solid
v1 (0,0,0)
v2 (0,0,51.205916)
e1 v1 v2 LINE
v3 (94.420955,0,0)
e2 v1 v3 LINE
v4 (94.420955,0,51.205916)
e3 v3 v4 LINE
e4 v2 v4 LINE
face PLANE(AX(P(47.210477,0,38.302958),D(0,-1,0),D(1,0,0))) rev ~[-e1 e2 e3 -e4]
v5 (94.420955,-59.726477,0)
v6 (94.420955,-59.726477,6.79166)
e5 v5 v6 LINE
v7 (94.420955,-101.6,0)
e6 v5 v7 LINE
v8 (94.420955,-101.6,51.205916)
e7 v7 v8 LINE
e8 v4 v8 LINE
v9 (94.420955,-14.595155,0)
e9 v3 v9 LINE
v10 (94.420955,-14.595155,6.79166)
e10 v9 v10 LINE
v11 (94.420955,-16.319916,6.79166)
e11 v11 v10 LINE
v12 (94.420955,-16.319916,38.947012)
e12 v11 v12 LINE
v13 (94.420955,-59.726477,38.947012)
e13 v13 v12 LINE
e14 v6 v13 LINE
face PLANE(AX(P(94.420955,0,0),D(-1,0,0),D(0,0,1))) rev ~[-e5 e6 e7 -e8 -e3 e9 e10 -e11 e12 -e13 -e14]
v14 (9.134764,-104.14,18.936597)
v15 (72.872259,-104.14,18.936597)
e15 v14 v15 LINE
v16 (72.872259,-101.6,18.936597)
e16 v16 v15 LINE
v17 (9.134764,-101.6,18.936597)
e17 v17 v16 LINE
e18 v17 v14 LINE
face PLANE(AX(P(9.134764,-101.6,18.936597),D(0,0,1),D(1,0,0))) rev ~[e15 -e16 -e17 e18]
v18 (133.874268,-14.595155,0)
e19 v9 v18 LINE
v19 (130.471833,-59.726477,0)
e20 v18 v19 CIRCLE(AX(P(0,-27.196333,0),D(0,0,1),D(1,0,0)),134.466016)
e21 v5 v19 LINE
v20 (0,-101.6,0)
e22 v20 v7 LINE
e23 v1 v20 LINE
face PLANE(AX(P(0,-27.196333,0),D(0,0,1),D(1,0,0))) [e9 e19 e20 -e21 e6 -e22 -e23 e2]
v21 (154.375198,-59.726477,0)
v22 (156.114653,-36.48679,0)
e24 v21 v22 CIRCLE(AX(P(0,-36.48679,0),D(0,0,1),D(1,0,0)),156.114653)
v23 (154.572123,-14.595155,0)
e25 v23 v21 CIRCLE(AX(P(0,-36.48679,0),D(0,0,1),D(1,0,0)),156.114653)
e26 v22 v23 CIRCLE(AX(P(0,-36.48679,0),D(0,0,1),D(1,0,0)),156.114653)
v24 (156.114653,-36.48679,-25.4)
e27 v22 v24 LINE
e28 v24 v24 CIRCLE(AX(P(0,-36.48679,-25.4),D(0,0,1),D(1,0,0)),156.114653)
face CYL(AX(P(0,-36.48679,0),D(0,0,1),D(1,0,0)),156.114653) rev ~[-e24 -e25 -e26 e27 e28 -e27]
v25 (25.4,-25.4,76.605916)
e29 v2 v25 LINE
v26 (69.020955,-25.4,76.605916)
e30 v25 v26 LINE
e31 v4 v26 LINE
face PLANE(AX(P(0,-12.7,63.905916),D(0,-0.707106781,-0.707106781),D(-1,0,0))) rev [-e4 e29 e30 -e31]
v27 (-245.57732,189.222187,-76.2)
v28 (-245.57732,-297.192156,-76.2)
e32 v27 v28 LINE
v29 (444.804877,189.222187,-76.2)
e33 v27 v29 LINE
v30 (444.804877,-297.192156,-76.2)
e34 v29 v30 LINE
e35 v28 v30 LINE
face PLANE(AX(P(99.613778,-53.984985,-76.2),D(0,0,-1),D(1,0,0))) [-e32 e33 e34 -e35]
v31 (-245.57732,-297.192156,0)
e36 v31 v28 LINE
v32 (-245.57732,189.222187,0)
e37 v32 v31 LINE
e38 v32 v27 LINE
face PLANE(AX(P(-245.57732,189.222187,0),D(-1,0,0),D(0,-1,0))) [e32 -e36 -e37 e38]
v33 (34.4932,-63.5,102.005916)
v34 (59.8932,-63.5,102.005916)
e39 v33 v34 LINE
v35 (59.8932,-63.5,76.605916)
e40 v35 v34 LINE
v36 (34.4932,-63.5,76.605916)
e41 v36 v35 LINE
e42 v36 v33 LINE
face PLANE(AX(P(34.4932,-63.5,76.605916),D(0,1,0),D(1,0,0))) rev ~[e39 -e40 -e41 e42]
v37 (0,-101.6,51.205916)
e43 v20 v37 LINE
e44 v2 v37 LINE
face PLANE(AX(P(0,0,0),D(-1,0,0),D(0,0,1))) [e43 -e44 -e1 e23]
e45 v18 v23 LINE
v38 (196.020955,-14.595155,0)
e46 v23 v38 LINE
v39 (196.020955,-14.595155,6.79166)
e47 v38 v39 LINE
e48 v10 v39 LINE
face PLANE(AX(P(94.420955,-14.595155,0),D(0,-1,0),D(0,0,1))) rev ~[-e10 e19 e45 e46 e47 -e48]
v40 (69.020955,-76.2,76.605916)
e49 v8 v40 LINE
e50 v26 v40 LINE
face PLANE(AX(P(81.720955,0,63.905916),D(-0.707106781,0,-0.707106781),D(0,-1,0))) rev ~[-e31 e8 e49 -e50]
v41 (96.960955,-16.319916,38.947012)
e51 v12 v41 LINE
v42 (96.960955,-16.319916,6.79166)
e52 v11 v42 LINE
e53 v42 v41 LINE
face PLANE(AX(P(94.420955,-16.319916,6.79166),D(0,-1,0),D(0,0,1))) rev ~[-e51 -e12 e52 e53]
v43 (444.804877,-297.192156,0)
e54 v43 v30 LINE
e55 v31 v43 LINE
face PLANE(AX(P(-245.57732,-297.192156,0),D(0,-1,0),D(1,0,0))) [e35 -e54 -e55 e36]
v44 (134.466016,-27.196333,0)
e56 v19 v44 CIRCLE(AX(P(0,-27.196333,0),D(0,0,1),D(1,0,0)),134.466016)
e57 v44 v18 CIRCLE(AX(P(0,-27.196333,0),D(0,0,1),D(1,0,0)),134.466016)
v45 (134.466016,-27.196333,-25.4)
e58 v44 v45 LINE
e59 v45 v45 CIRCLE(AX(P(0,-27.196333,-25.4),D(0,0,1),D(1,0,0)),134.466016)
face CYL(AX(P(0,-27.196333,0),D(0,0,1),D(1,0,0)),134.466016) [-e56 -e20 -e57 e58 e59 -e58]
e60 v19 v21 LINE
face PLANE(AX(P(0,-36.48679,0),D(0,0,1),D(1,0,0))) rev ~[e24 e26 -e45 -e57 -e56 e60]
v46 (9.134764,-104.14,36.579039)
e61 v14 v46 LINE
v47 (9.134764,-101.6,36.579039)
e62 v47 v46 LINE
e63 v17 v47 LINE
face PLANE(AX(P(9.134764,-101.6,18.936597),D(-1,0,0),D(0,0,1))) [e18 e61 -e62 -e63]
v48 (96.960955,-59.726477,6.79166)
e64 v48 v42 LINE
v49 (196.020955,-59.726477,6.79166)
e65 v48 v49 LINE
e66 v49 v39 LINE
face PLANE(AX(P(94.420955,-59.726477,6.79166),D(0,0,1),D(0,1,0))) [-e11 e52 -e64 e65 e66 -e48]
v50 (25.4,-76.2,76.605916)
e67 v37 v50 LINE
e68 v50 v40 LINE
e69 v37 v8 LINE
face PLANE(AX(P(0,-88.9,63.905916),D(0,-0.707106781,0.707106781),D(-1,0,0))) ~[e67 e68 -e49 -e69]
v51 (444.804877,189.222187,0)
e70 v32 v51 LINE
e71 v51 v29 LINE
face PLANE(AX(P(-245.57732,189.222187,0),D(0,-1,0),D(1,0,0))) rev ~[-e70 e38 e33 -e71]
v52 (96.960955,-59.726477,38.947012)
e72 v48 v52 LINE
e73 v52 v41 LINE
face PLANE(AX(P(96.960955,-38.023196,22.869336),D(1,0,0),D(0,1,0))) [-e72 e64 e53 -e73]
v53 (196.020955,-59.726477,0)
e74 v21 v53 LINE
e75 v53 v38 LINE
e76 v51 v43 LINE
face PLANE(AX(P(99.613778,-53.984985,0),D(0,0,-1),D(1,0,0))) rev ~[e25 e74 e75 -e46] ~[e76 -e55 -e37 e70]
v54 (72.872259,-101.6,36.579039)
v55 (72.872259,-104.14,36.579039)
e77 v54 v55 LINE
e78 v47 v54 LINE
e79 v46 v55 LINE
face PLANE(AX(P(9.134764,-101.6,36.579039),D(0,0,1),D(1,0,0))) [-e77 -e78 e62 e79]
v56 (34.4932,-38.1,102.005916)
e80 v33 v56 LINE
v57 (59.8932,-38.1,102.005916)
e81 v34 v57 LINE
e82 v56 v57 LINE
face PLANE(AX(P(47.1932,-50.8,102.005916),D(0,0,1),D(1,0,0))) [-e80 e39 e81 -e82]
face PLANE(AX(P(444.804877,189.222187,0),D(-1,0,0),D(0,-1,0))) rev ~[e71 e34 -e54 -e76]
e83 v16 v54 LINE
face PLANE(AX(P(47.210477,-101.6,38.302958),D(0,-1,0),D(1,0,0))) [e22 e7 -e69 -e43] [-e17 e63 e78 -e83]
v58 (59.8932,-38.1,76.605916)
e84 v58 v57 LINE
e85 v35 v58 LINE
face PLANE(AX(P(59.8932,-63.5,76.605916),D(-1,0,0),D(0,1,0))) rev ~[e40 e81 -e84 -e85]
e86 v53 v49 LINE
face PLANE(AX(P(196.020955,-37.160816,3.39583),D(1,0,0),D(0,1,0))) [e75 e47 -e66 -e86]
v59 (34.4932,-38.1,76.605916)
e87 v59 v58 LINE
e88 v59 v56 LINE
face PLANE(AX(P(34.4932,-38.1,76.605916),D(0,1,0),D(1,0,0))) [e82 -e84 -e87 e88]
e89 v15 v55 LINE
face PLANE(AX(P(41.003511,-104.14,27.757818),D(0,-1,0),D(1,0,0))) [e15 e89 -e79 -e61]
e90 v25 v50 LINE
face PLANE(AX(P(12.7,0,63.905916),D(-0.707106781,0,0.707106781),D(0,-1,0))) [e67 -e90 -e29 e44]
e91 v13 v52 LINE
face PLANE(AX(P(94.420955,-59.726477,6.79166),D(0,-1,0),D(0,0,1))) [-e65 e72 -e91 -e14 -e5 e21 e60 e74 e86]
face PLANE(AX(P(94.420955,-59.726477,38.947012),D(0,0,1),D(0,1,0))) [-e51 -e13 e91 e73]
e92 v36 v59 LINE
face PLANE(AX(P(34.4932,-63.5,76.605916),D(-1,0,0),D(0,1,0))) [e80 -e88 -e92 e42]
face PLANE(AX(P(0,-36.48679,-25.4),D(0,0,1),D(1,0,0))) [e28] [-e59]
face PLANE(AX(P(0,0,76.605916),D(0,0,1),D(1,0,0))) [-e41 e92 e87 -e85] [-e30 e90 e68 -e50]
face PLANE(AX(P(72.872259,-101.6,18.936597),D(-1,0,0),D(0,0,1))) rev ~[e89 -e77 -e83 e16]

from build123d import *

# Parameters (mm, degrees)
F0_W      = 94.4209545851
F0_H      = 76.6059160233
F1_DEPTH  = 101.6
F2_SIZE   = 25.4
F3_W      = 25.4
F3_H      = 25.4
F4_DEPTH  = 25.4
F6_W      = 45.1313219965
F6_H      = 6.7916600965
F7_DEPTH  = 101.6
F5_W      = 63.737494871
F5_H      = 17.642442137
F8_DEPTH  = 2.54
F9_W      = 43.406561017
F9_H      = 32.155352179
F10_DEPTH = 2.54
F11_W     = 690.3821974993
F11_H     = 486.4143431187
F12_DEPTH = 76.2
F14_R     = 156.1146532665
F15_DEPTH = 25.4
F16_R     = 134.4660155787
F17_DEPTH = 25.4


with BuildPart() as f1:
    # F0 (on Front) → F1 (new body)
    with BuildSketch(Plane.XZ):
        with Locations((47.2104772925, 38.3029580116)):
            Rectangle(F0_W, F0_H)
    extrude(amount=F1_DEPTH)

    # F2
    f2_edges = [f1.edges().sort_by_distance(p)[0] for p in [
        (94.420955, -50.8, 76.605916),
        (0, -50.8, 76.605916),
        (47.210477, 0, 76.605916),
        (47.210477, -101.6, 76.605916),
    ]]
    chamfer(f2_edges, length=F2_SIZE)

    # F3 (on face) → F4 (join)
    with BuildSketch(Plane.XY.offset(76.6059160233)):
        with Locations((47.1932, -50.8)):
            Rectangle(F3_W, F3_H)
    extrude(amount=F4_DEPTH)

    # F6 (on face) → F7 (join)
    with BuildSketch(Plane.YZ.offset(94.4209545851)):
        with Locations((-37.1608156711, 3.3958300482)):
            Rectangle(F6_W, F6_H)
    extrude(amount=F7_DEPTH)

    # F5 (on face) → F8 (join)
    with BuildSketch(Plane.XZ.offset(101.6)):
        with Locations((41.0035112873, 27.7578178793)):
            Rectangle(F5_W, F5_H)
    extrude(amount=F8_DEPTH)

    # F9 (on face) → F10 (join)
    with BuildSketch(Plane.YZ.offset(94.4209545851)):
        with Locations((-38.0231961608, 22.869336186)):
            Rectangle(F9_W, F9_H)
    extrude(amount=F10_DEPTH)

    # F11 (on face) → F12 (join)
    with BuildSketch(Plane(origin=(0, 0, 0), x_dir=(1, 0, 0), z_dir=(0, 0, -1))):
        with Locations((99.6137782931, 53.9849847555)):
            Rectangle(F11_W, F11_H)
        Polygon((0, 0), (0, 101.6), (94.4209545851, 101.6), (94.4209545851, 59.7264766693), (196.0209545851, 59.7264766693), (196.0209545851, 14.5951546729), (94.4209545851, 14.5951546729), (94.4209545851, 0), align=None, mode=Mode.SUBTRACT)
        Polygon((94.4209545851, 101.6), (0, 101.6), (0, 0), (94.4209545851, 0), (94.4209545851, 14.5951546729), (196.0209545851, 14.5951546729), (196.0209545851, 59.7264766693), (94.4209545851, 59.7264766693), align=None)
    extrude(amount=F12_DEPTH)

    # F14 (on face) → F15 (cut)
    with BuildSketch(Plane.XY):
        with Locations((0, -36.4867895842)):
            Circle(F14_R)
    extrude(amount=-F15_DEPTH, mode=Mode.SUBTRACT)

    # F16 (on face) → F17 (join, through all)
    with BuildSketch(Plane.XY):
        with Locations((0, -27.1963328123)):
            Circle(F16_R)
    extrude(amount=-F17_DEPTH)


solid = f1.part
